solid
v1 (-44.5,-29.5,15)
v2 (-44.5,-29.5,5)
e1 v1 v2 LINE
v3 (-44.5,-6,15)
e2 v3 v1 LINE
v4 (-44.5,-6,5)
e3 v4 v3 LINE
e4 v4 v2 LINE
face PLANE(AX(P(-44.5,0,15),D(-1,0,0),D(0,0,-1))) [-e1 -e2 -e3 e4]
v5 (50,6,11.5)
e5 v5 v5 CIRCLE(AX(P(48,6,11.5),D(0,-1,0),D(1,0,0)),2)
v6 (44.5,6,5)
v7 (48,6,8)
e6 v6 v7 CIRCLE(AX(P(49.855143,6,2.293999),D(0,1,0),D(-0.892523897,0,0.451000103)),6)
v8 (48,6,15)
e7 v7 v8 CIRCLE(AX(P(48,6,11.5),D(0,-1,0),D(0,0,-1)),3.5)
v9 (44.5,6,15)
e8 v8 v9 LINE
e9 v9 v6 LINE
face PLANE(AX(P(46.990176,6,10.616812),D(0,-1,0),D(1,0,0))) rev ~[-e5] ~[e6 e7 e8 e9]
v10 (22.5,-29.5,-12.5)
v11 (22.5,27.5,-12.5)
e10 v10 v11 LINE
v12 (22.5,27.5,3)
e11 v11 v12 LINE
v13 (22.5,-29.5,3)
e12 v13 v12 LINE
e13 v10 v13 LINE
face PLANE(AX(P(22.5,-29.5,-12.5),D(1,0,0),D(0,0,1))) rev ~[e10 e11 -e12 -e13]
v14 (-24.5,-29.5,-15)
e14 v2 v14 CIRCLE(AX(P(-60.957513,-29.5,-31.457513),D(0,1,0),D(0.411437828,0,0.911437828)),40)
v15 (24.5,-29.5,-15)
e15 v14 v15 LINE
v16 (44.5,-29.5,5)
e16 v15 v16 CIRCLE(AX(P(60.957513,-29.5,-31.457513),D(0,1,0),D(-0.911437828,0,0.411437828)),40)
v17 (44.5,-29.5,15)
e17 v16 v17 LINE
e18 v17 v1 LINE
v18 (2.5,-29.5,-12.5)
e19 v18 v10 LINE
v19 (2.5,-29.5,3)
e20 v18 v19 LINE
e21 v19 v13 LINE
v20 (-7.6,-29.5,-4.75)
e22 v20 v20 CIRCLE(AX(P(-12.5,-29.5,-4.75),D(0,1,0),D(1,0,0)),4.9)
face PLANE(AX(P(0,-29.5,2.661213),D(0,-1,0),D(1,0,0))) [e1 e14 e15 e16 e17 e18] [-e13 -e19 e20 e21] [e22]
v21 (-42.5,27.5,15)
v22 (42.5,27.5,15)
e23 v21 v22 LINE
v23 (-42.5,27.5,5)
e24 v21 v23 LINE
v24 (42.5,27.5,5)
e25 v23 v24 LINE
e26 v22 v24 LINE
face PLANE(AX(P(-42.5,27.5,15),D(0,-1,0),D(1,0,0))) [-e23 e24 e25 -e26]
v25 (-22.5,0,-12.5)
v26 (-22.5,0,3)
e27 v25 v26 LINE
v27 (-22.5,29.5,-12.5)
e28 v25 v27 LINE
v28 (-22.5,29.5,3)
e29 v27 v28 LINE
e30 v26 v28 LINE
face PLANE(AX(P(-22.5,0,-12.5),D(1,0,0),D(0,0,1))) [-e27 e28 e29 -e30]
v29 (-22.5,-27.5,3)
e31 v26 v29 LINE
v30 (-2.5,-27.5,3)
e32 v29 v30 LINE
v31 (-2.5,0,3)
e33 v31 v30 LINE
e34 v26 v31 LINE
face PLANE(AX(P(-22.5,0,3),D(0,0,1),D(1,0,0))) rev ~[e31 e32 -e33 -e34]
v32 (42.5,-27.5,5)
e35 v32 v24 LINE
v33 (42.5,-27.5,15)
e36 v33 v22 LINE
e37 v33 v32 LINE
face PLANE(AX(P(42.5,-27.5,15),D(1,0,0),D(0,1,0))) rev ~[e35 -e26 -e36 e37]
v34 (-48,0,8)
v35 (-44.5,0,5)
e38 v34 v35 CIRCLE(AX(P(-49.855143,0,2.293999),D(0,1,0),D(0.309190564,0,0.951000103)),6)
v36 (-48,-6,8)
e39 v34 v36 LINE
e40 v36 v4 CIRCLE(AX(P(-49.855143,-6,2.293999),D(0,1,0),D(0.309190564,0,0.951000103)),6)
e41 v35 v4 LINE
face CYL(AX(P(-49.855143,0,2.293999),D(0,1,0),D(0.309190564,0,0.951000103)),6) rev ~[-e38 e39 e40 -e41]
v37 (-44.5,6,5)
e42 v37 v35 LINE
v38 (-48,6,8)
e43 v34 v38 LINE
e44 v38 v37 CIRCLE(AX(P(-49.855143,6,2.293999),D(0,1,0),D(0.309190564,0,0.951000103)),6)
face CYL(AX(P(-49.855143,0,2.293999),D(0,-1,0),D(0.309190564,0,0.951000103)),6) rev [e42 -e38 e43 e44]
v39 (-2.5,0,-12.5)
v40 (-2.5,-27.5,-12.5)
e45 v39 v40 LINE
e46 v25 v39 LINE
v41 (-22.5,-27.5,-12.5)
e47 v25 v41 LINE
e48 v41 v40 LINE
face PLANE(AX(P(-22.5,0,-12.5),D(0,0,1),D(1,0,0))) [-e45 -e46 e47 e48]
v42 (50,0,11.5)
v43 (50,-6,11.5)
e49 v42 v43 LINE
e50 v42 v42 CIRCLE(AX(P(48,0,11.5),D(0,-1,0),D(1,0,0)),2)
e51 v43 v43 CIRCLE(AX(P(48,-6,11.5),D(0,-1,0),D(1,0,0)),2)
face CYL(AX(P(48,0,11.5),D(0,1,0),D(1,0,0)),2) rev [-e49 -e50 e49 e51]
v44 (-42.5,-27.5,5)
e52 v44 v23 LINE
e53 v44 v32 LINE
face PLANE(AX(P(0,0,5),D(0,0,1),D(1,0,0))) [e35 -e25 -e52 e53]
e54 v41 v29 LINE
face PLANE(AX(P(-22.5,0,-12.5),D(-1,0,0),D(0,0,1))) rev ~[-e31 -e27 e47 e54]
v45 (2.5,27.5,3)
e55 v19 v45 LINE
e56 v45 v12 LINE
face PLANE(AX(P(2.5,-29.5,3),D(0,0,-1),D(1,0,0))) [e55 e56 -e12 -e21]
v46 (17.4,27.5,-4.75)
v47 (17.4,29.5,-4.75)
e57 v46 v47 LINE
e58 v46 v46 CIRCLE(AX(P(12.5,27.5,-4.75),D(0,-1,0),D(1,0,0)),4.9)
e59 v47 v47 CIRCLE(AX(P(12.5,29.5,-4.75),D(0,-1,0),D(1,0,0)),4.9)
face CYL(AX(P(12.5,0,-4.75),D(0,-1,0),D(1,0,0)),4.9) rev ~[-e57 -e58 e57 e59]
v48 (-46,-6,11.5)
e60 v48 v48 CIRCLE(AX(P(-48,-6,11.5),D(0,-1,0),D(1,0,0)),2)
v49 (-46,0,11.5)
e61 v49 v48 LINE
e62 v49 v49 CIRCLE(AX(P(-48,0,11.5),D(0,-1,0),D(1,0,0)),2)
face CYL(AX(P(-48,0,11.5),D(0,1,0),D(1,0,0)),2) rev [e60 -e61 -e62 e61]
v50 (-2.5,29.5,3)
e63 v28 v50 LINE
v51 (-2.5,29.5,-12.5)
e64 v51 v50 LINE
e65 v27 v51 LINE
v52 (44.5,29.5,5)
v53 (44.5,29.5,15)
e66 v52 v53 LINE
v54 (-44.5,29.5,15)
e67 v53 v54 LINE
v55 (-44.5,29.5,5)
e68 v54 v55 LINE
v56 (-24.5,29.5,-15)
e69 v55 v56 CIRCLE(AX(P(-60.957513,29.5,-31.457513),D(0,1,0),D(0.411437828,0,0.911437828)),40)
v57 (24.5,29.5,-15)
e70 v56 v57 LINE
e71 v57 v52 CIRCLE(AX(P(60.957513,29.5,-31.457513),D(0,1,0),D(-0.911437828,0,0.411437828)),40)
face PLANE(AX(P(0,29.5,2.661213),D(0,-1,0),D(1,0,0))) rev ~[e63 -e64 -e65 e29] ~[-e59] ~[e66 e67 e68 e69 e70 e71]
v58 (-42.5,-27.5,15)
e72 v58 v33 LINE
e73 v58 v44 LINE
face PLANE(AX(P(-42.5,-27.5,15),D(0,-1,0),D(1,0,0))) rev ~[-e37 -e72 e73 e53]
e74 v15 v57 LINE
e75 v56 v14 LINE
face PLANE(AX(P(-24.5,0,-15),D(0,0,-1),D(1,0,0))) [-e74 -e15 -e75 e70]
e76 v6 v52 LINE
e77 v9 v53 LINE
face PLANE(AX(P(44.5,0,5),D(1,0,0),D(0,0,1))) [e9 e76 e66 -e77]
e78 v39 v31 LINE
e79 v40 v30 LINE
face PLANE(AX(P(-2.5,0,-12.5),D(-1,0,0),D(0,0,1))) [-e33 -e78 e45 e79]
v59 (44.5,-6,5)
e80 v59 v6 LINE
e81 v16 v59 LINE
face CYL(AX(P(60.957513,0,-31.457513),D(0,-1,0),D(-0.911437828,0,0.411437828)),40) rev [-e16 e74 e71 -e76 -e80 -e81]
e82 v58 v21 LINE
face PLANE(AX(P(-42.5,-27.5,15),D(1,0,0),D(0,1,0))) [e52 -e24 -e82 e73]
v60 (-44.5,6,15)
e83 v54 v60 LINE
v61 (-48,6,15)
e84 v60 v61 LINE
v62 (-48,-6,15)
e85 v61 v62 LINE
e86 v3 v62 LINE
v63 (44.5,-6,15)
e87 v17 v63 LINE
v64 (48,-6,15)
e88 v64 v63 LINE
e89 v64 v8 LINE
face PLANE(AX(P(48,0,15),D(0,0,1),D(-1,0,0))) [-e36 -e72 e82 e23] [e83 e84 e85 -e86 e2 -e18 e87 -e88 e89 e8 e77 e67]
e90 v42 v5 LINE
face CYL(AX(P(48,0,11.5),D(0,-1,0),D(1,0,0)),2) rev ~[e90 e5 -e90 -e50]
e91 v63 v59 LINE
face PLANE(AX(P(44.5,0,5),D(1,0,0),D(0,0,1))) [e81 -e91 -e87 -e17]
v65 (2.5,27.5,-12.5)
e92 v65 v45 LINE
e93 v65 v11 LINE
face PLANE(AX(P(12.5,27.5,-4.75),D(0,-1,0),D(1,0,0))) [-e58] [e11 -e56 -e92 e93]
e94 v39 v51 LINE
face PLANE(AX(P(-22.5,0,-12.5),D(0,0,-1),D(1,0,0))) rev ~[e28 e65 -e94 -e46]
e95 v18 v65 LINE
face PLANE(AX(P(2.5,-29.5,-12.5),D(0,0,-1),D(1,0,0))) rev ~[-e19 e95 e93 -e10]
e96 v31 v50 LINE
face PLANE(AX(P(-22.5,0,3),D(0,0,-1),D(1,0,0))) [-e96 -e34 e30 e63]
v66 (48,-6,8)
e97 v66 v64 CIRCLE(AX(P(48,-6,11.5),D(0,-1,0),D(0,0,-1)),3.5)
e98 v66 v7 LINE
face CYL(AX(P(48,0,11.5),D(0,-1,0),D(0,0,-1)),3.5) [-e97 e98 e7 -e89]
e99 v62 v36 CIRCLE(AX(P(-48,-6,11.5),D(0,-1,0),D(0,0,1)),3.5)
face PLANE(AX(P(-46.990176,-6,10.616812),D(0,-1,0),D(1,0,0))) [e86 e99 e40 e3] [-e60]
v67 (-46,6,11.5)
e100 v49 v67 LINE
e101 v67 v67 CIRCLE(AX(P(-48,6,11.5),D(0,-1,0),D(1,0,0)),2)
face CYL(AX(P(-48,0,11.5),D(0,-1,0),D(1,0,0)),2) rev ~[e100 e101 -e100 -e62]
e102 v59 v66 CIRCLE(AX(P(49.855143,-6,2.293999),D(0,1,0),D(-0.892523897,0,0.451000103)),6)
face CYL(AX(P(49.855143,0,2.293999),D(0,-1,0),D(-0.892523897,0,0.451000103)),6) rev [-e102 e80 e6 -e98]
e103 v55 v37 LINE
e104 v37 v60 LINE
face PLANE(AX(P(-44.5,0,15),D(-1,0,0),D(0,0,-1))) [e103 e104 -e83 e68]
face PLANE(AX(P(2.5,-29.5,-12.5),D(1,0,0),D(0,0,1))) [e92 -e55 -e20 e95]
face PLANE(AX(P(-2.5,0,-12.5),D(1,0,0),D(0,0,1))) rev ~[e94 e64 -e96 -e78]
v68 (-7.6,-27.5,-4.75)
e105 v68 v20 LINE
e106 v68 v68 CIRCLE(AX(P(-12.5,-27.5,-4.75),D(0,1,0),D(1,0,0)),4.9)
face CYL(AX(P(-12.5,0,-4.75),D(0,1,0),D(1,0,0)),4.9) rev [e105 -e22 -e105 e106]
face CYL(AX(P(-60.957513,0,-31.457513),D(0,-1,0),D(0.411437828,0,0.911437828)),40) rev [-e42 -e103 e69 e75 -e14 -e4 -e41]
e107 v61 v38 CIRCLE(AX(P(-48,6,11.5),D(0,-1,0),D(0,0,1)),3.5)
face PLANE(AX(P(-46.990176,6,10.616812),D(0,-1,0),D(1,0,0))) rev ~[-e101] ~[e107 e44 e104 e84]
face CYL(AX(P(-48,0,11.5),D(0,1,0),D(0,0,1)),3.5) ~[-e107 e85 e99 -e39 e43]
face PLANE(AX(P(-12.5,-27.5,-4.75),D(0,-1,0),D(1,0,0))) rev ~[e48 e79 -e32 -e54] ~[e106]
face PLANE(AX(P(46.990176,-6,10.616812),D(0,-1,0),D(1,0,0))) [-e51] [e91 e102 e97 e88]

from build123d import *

# Parameters (mm, degrees)
F1_DEPTH       = 29.5
F1_DEPTH_BACK  = 29.5
F2_R           = 2
F3_DEPTH       = 6
F3_DEPTH_BACK  = 6
F4_W           = 85
F4_H           = 55
F5_DEPTH       = 10
F6_W           = 20
F6_H           = 15.5
F7_DEPTH       = 29.5
F7_DEPTH_BACK  = 27.5
F8_W           = 20
F8_H           = 15.5
F9_DEPTH       = 57
F10_R          = 4.9
F11_DEPTH      = 80
F11_DEPTH_BACK = 80


with BuildPart() as f1:
    # F0 (on Front) → F1 (new body, two sides)
    with BuildSketch(Plane.XZ) as f1_sk:
        with BuildLine():
            Line((44.5, 15), (-44.5, 15))
            Line((-44.5, 15), (-44.5, 5))
            ThreePointArc((-44.5, 5), (-32.6732418632, -3.1732418632), (-24.5, -15))
            Line((-24.5, -15), (0, -15))
            Line((0, -15), (24.5, -15))
            ThreePointArc((24.5, -15), (32.6732418632, -3.1732418632), (44.5, 5))
            Line((44.5, 5), (44.5, 15))
        make_face()
    extrude(amount=F1_DEPTH)
    extrude(f1_sk.sketch, amount=-F1_DEPTH_BACK)

    # F2 (on Front) → F3 (join, two sides)
    with BuildSketch(Plane.XZ) as f3_sk:
        with BuildLine():
            Line((48, 15), (44.5, 15))
            Line((44.5, 15), (44.5, 5))
            ThreePointArc((44.5, 5), (45.9503951439, 6.8495389988), (48, 8))
            ThreePointArc((48, 8), (51.5, 11.5), (48, 15))
        make_face()
        with Locations((48, 11.5)):
            Circle(F2_R, mode=Mode.SUBTRACT)
        with BuildLine():
            Line((-44.5, 5), (-44.5, 15))
            Line((-44.5, 15), (-48, 15))
            ThreePointArc((-48, 15), (-51.5, 11.5), (-48, 8))
            ThreePointArc((-48, 8), (-45.9503951439, 6.8495389988), (-44.5, 5))
        make_face()
        with Locations((-48, 11.5)):
            Circle(F2_R, mode=Mode.SUBTRACT)
    extrude(amount=F3_DEPTH)
    extrude(f3_sk.sketch, amount=-F3_DEPTH_BACK)

    # F4 (on face) → F5 (cut)
    with BuildSketch(Plane.XY.offset(15)):
        Rectangle(F4_W, F4_H)
    extrude(amount=-F5_DEPTH, mode=Mode.SUBTRACT)

    # F6 (on Front) → F7 (cut, two sides)
    with BuildSketch(Plane.XZ) as f7_sk:
        with Locations((-12.5, -4.75)):
            Rectangle(F6_W, F6_H)
    extrude(amount=-F7_DEPTH, mode=Mode.SUBTRACT)
    extrude(f7_sk.sketch, amount=F7_DEPTH_BACK, mode=Mode.SUBTRACT)

    # F8 (on face) → F9 (cut)
    with BuildSketch(Plane.XZ.offset(29.5)):
        with Locations((12.5, -4.75)):
            Rectangle(F8_W, F8_H)
    extrude(amount=-F9_DEPTH, mode=Mode.SUBTRACT)

    # F10 (on Front) → F11 (cut, two sides)
    with BuildSketch(Plane.XZ) as f11_sk:
        with Locations((-12.5, -4.75)):
            Circle(F10_R)
        with Locations((12.5, -4.75)):
            Circle(F10_R)
    extrude(amount=-F11_DEPTH, mode=Mode.SUBTRACT)
    extrude(f11_sk.sketch, amount=F11_DEPTH_BACK, mode=Mode.SUBTRACT)


solid = f1.part
